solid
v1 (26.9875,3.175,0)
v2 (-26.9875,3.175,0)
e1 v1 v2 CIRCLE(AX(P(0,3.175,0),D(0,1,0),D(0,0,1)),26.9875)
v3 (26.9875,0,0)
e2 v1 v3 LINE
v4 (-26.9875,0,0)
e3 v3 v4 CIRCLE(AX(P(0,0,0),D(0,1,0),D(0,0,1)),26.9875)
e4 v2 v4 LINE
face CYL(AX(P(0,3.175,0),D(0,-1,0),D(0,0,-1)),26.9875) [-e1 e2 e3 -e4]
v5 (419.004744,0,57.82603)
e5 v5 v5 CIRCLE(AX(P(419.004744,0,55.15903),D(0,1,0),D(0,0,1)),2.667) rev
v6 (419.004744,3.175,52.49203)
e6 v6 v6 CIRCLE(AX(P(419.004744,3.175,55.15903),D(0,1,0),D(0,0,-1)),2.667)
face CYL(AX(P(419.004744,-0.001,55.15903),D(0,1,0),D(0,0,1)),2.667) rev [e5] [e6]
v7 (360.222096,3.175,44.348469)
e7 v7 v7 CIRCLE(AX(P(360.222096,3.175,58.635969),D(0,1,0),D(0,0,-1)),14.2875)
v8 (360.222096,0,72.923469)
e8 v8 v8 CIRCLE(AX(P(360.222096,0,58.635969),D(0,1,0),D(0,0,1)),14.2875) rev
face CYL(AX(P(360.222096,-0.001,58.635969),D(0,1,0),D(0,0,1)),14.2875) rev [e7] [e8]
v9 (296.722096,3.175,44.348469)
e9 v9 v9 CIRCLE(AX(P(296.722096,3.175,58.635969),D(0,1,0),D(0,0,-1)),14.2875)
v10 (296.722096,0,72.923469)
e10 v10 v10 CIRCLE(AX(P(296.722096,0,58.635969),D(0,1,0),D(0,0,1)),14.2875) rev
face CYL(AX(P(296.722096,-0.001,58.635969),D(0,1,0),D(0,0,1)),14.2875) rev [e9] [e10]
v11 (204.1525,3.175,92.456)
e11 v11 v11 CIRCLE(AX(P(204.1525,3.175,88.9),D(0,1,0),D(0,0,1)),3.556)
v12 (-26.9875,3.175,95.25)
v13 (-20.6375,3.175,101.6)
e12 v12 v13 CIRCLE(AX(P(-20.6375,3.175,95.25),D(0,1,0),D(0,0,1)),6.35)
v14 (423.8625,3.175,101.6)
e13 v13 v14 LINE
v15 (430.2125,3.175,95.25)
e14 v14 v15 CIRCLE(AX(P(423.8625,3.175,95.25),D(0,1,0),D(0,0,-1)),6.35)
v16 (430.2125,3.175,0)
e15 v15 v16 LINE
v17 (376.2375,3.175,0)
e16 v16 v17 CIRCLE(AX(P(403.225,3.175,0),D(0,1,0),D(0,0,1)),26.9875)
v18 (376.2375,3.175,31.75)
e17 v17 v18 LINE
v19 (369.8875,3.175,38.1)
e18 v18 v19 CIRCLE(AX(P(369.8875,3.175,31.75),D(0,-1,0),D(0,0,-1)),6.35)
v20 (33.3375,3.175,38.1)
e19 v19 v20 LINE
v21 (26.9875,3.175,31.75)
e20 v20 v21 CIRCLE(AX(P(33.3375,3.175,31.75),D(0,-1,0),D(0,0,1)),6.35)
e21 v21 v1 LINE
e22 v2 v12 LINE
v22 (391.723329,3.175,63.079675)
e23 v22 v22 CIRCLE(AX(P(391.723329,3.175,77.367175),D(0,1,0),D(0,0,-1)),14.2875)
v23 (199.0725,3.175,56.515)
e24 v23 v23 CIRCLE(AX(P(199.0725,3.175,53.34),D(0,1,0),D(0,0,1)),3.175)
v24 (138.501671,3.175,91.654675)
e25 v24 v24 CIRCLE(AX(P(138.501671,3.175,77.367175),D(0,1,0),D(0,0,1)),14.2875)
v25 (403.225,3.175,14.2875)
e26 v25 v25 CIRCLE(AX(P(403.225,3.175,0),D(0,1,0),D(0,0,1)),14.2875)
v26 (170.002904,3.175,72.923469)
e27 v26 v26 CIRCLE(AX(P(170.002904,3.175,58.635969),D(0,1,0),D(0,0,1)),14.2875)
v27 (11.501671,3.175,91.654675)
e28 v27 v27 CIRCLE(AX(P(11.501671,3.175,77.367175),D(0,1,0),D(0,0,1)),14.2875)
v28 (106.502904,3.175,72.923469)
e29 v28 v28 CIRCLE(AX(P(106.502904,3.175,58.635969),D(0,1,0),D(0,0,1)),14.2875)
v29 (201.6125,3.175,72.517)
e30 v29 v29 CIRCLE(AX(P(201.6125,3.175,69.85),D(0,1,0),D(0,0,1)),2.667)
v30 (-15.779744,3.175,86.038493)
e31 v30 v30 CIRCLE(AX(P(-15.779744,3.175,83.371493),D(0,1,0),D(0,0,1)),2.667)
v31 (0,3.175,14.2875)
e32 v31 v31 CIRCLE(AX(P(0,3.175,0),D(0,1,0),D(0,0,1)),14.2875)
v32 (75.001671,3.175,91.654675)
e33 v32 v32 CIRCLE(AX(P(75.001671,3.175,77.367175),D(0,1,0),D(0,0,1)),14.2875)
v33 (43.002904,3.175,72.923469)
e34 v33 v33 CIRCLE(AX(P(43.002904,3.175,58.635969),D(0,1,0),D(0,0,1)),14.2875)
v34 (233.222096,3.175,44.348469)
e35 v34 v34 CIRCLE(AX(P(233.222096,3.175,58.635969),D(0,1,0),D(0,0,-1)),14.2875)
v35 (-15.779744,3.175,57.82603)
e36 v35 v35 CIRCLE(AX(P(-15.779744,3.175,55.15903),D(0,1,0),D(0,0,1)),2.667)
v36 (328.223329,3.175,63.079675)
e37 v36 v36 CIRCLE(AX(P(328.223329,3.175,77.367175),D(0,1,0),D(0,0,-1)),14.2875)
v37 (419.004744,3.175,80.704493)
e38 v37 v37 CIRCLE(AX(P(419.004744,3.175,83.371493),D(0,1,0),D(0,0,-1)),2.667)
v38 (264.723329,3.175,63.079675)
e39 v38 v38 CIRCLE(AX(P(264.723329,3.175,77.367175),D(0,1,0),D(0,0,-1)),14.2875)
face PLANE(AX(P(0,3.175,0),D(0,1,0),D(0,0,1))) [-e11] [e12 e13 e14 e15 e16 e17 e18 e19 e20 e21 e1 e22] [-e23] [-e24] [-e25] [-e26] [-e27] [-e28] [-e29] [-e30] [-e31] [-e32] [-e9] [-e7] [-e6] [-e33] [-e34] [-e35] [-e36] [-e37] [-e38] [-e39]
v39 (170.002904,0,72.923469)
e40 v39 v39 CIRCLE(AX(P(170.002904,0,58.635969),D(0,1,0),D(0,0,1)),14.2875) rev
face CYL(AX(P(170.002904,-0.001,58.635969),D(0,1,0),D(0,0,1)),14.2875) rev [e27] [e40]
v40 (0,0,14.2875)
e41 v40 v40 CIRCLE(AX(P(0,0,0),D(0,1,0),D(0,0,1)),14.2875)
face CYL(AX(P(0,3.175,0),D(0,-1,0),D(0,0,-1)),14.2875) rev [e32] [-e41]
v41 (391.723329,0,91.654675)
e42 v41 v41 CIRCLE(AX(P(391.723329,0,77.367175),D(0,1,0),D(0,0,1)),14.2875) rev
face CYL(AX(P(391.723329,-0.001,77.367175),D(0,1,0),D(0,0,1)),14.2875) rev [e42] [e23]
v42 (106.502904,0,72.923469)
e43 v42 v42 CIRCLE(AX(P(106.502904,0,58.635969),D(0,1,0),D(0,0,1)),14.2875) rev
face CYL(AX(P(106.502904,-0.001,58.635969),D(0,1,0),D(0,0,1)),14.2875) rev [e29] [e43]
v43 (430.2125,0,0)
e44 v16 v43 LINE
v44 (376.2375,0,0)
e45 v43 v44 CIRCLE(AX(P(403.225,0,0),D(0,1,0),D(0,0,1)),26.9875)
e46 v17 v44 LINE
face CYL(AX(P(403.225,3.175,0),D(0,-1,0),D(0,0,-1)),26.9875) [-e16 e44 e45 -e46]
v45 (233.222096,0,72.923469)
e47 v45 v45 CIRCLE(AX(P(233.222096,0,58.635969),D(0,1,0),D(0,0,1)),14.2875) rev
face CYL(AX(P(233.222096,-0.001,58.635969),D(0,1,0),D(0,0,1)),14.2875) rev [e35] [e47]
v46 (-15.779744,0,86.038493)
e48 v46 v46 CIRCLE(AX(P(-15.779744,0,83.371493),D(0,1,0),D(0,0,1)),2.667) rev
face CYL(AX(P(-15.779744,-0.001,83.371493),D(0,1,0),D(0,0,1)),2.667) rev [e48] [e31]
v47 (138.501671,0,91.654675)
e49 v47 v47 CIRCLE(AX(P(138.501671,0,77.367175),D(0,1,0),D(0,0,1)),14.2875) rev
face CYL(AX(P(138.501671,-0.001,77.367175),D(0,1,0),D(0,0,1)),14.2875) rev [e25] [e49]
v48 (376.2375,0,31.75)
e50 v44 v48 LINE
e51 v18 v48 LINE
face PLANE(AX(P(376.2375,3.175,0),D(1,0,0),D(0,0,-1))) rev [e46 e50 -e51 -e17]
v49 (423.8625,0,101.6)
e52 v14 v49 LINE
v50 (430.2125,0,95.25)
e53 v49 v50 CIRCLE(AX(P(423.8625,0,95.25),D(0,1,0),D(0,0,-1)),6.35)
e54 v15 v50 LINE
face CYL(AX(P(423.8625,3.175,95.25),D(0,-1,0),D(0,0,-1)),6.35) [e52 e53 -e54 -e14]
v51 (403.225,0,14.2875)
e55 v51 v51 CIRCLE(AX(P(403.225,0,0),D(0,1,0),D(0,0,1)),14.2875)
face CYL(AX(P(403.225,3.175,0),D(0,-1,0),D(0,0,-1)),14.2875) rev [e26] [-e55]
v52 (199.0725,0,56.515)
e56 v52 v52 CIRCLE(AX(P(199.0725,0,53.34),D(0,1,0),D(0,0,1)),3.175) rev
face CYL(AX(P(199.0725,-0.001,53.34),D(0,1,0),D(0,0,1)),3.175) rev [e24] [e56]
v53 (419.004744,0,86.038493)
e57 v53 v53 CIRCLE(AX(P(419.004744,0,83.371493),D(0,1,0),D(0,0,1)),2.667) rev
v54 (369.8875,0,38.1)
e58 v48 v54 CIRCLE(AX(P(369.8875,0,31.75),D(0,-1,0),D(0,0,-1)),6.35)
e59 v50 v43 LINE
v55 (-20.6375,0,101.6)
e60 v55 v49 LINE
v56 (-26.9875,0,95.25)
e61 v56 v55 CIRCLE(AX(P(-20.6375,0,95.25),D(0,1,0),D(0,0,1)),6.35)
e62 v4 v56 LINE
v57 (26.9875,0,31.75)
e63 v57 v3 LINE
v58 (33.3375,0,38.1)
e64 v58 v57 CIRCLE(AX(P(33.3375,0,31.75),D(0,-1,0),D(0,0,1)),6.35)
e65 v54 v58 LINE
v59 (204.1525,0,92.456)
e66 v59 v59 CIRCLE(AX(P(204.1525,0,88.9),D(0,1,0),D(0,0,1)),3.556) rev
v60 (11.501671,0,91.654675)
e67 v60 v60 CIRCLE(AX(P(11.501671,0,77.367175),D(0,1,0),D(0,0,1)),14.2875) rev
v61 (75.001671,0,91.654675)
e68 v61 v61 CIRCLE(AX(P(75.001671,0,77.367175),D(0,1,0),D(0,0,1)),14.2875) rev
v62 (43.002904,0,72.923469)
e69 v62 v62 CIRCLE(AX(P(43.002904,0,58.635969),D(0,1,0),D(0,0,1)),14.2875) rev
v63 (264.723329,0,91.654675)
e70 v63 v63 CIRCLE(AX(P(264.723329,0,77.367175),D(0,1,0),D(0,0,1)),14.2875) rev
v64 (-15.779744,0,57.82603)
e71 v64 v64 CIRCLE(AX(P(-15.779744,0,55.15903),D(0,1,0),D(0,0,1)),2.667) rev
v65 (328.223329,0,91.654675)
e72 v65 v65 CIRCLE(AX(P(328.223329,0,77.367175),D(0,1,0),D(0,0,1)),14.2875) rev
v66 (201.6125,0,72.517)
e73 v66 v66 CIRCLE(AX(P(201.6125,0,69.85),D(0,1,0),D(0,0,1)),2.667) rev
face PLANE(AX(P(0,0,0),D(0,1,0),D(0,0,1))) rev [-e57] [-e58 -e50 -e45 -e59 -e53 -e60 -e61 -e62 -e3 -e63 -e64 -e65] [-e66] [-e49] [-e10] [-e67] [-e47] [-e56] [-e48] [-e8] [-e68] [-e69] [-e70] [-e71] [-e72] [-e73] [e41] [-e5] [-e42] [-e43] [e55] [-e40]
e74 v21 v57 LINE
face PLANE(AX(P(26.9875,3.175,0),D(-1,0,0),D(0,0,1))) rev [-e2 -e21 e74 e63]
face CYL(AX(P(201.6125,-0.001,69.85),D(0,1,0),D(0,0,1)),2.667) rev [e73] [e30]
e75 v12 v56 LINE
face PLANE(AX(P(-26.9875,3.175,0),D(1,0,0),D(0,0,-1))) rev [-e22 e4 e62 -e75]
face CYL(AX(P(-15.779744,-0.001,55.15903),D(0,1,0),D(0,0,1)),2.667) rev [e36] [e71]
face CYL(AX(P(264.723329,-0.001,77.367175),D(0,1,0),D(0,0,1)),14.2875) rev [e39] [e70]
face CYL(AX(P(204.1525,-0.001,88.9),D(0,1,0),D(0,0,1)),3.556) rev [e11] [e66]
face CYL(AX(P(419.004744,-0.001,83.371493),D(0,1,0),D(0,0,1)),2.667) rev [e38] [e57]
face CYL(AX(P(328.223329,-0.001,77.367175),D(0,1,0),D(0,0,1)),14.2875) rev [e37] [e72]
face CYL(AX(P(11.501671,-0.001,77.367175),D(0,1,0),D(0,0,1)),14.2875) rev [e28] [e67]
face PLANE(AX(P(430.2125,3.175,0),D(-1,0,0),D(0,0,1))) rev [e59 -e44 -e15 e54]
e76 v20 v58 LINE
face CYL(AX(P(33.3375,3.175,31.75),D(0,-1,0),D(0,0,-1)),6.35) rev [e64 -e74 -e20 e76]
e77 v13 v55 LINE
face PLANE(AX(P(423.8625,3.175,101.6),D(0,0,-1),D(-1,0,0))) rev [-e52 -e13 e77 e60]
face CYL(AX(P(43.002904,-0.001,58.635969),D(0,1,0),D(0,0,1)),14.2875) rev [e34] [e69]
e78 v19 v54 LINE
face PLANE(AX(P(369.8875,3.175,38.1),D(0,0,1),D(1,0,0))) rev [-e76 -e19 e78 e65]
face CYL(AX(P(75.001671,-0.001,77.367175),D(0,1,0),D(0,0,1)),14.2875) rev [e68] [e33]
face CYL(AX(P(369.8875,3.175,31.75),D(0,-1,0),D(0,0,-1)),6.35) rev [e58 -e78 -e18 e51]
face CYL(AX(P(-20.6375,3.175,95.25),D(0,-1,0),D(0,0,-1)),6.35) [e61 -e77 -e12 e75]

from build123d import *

# Parameters (mm, degrees)
SKETCH1_R           = 14.2875
BOSS_EXTRUDE1_DEPTH = 3.175
CUT_EXTRUDE1_REACH  = 5.175
SKETCH2_R           = 3.556
SKETCH2_R_2         = 3.175
CUT_EXTRUDE2_REACH  = 5.175
SKETCH3_R           = 2.667
CUT_EXTRUDE3_REACH  = 5.175
SKETCH4_R           = 2.667
CUT_EXTRUDE4_REACH  = 5.175
SKETCH6_R           = 14.2875


with BuildPart() as part:
    # Sketch1 → Boss-Extrude1 (new body)
    with BuildSketch(Plane(origin=(0, 0, 0), x_dir=(1, 0, 0), z_dir=(0, 1, 0))):
        with BuildLine():
            Line((-26.9875, 0), (-26.9875, -95.25))
            ThreePointArc((-26.9875, -95.25), (-25.127628061, -99.740128061), (-20.6375, -101.6))
            Line((-20.6375, -101.6), (423.8625, -101.6))
            ThreePointArc((423.8625, -101.6), (428.352628061, -99.740128061), (430.2125, -95.25))
            Line((430.2125, -95.25), (430.2125, 0))
            ThreePointArc((430.2125, 0), (403.225, 26.9875), (376.2375, 0))
            Line((376.2375, 0), (376.2375, -31.75))
            ThreePointArc((376.2375, -31.75), (374.377628061, -36.240128061), (369.8875, -38.1))
            Line((369.8875, -38.1), (33.3375, -38.1))
            ThreePointArc((33.3375, -38.1), (28.847371939, -36.240128061), (26.9875, -31.75))
            Line((26.9875, -31.75), (26.9875, 0))
            ThreePointArc((26.9875, 0), (0, 26.9875), (-26.9875, 0))
        make_face()
        Circle(SKETCH1_R, mode=Mode.SUBTRACT)
        with Locations((403.225, 0)):
            Circle(SKETCH1_R, mode=Mode.SUBTRACT)
    extrude(amount=BOSS_EXTRUDE1_DEPTH)

    # Sketch2 → Cut-Extrude1 (cut, up to next)
    with BuildSketch(Plane(origin=(0, 3.175, 0), x_dir=(1, 0, 0), z_dir=(0, 1, 0)), mode=Mode.PRIVATE) as cut_extrude1_sk1:
        with Locations((204.1525, -88.9)):
            Circle(SKETCH2_R)
    cut_extrude1_tool1 = extrude(cut_extrude1_sk1.sketch, amount=-CUT_EXTRUDE1_REACH, mode=Mode.PRIVATE) & part.part
    add(cut_extrude1_tool1.solids().sort_by_distance((204.1525, 3.175, 88.9))[0], mode=Mode.SUBTRACT)
    # Sketch2 → Cut-Extrude1 (cut, up to next)
    with BuildSketch(Plane(origin=(0, 3.175, 0), x_dir=(1, 0, 0), z_dir=(0, 1, 0)), mode=Mode.PRIVATE) as cut_extrude1_sk2:
        with Locations((199.0725, -53.34)):
            Circle(SKETCH2_R_2)
    cut_extrude1_tool2 = extrude(cut_extrude1_sk2.sketch, amount=-CUT_EXTRUDE1_REACH, mode=Mode.PRIVATE) & part.part
    add(cut_extrude1_tool2.solids().sort_by_distance((199.0725, 3.175, 53.34))[0], mode=Mode.SUBTRACT)

    # Sketch3 → Cut-Extrude2 (cut, up to next)
    with BuildSketch(Plane(origin=(0, 3.175, 0), x_dir=(1, 0, 0), z_dir=(0, 1, 0)), mode=Mode.PRIVATE) as cut_extrude2_sk1:
        with Locations((-15.779743521, -55.159030044)):
            Circle(SKETCH3_R)
    cut_extrude2_tool1 = extrude(cut_extrude2_sk1.sketch, amount=-CUT_EXTRUDE2_REACH, mode=Mode.PRIVATE) & part.part
    add(cut_extrude2_tool1.solids().sort_by_distance((-15.779744, 3.175, 55.15903))[0], mode=Mode.SUBTRACT)
    # Sketch3 → Cut-Extrude2 (cut, up to next)
    with BuildSketch(Plane(origin=(0, 3.175, 0), x_dir=(1, 0, 0), z_dir=(0, 1, 0)), mode=Mode.PRIVATE) as cut_extrude2_sk2:
        with Locations((419.004743521, -55.159030044)):
            Circle(SKETCH3_R)
    cut_extrude2_tool2 = extrude(cut_extrude2_sk2.sketch, amount=-CUT_EXTRUDE2_REACH, mode=Mode.PRIVATE) & part.part
    add(cut_extrude2_tool2.solids().sort_by_distance((419.004744, 3.175, 55.15903))[0], mode=Mode.SUBTRACT)
    # Sketch3 → Cut-Extrude2 (cut, up to next)
    with BuildSketch(Plane(origin=(0, 3.175, 0), x_dir=(1, 0, 0), z_dir=(0, 1, 0)), mode=Mode.PRIVATE) as cut_extrude2_sk3:
        with Locations((-15.779743521, -83.371493131)):
            Circle(SKETCH3_R)
    cut_extrude2_tool3 = extrude(cut_extrude2_sk3.sketch, amount=-CUT_EXTRUDE2_REACH, mode=Mode.PRIVATE) & part.part
    add(cut_extrude2_tool3.solids().sort_by_distance((-15.779744, 3.175, 83.371493))[0], mode=Mode.SUBTRACT)
    # Sketch3 → Cut-Extrude2 (cut, up to next)
    with BuildSketch(Plane(origin=(0, 3.175, 0), x_dir=(1, 0, 0), z_dir=(0, 1, 0)), mode=Mode.PRIVATE) as cut_extrude2_sk4:
        with Locations((419.004743521, -83.371493131)):
            Circle(SKETCH3_R)
    cut_extrude2_tool4 = extrude(cut_extrude2_sk4.sketch, amount=-CUT_EXTRUDE2_REACH, mode=Mode.PRIVATE) & part.part
    add(cut_extrude2_tool4.solids().sort_by_distance((419.004744, 3.175, 83.371493))[0], mode=Mode.SUBTRACT)

    # Sketch4 → Cut-Extrude3 (cut, up to next)
    with BuildSketch(Plane(origin=(0, 3.175, 0), x_dir=(1, 0, 0), z_dir=(0, 1, 0)), mode=Mode.PRIVATE) as cut_extrude3_sk1:
        with Locations((201.6125, -69.85)):
            Circle(SKETCH4_R)
    cut_extrude3_tool1 = extrude(cut_extrude3_sk1.sketch, amount=-CUT_EXTRUDE3_REACH, mode=Mode.PRIVATE) & part.part
    add(cut_extrude3_tool1.solids().sort_by_distance((201.6125, 3.175, 69.85))[0], mode=Mode.SUBTRACT)

    # Sketch6 → Cut-Extrude4 (cut, up to next)
    with BuildSketch(Plane(origin=(0, 3.175, 0), x_dir=(1, 0, 0), z_dir=(0, 1, 0)), mode=Mode.PRIVATE) as cut_extrude4_sk1:
        with Locations((11.501671414, -77.36717452)):
            Circle(SKETCH6_R)
    cut_extrude4_tool1 = extrude(cut_extrude4_sk1.sketch, amount=-CUT_EXTRUDE4_REACH, mode=Mode.PRIVATE) & part.part
    add(cut_extrude4_tool1.solids().sort_by_distance((11.501671, 3.175, 77.367175))[0], mode=Mode.SUBTRACT)
    # Sketch6 → Cut-Extrude4 (cut, up to next)
    with BuildSketch(Plane(origin=(0, 3.175, 0), x_dir=(1, 0, 0), z_dir=(0, 1, 0)), mode=Mode.PRIVATE) as cut_extrude4_sk2:
        with Locations((43.002904056, -58.635968615)):
            Circle(SKETCH6_R)
    cut_extrude4_tool2 = extrude(cut_extrude4_sk2.sketch, amount=-CUT_EXTRUDE4_REACH, mode=Mode.PRIVATE) & part.part
    add(cut_extrude4_tool2.solids().sort_by_distance((43.002904, 3.175, 58.635969))[0], mode=Mode.SUBTRACT)
    # Sketch6 → Cut-Extrude4 (cut, up to next)
    with BuildSketch(Plane(origin=(0, 3.175, 0), x_dir=(1, 0, 0), z_dir=(0, 1, 0)), mode=Mode.PRIVATE) as cut_extrude4_sk3:
        with Locations((75.001671414, -77.36717452)):
            Circle(SKETCH6_R)
    cut_extrude4_tool3 = extrude(cut_extrude4_sk3.sketch, amount=-CUT_EXTRUDE4_REACH, mode=Mode.PRIVATE) & part.part
    add(cut_extrude4_tool3.solids().sort_by_distance((75.001671, 3.175, 77.367175))[0], mode=Mode.SUBTRACT)
    # Sketch6 → Cut-Extrude4 (cut, up to next)
    with BuildSketch(Plane(origin=(0, 3.175, 0), x_dir=(1, 0, 0), z_dir=(0, 1, 0)), mode=Mode.PRIVATE) as cut_extrude4_sk4:
        with Locations((106.502904056, -58.635968615)):
            Circle(SKETCH6_R)
    cut_extrude4_tool4 = extrude(cut_extrude4_sk4.sketch, amount=-CUT_EXTRUDE4_REACH, mode=Mode.PRIVATE) & part.part
    add(cut_extrude4_tool4.solids().sort_by_distance((106.502904, 3.175, 58.635969))[0], mode=Mode.SUBTRACT)
    # Sketch6 → Cut-Extrude4 (cut, up to next)
    with BuildSketch(Plane(origin=(0, 3.175, 0), x_dir=(1, 0, 0), z_dir=(0, 1, 0)), mode=Mode.PRIVATE) as cut_extrude4_sk5:
        with Locations((138.501671414, -77.36717452)):
            Circle(SKETCH6_R)
    cut_extrude4_tool5 = extrude(cut_extrude4_sk5.sketch, amount=-CUT_EXTRUDE4_REACH, mode=Mode.PRIVATE) & part.part
    add(cut_extrude4_tool5.solids().sort_by_distance((138.501671, 3.175, 77.367175))[0], mode=Mode.SUBTRACT)
    # Sketch6 → Cut-Extrude4 (cut, up to next)
    with BuildSketch(Plane(origin=(0, 3.175, 0), x_dir=(1, 0, 0), z_dir=(0, 1, 0)), mode=Mode.PRIVATE) as cut_extrude4_sk6:
        with Locations((170.002904056, -58.635968615)):
            Circle(SKETCH6_R)
    cut_extrude4_tool6 = extrude(cut_extrude4_sk6.sketch, amount=-CUT_EXTRUDE4_REACH, mode=Mode.PRIVATE) & part.part
    add(cut_extrude4_tool6.solids().sort_by_distance((170.002904, 3.175, 58.635969))[0], mode=Mode.SUBTRACT)
    # Sketch6 → Cut-Extrude4 (cut, up to next)
    with BuildSketch(Plane(origin=(0, 3.175, 0), x_dir=(1, 0, 0), z_dir=(0, 1, 0)), mode=Mode.PRIVATE) as cut_extrude4_sk7:
        with Locations((233.222095944, -58.635968615)):
            Circle(SKETCH6_R)
    cut_extrude4_tool7 = extrude(cut_extrude4_sk7.sketch, amount=-CUT_EXTRUDE4_REACH, mode=Mode.PRIVATE) & part.part
    add(cut_extrude4_tool7.solids().sort_by_distance((233.222096, 3.175, 58.635969))[0], mode=Mode.SUBTRACT)
    # Sketch6 → Cut-Extrude4 (cut, up to next)
    with BuildSketch(Plane(origin=(0, 3.175, 0), x_dir=(1, 0, 0), z_dir=(0, 1, 0)), mode=Mode.PRIVATE) as cut_extrude4_sk8:
        with Locations((264.723328586, -77.36717452)):
            Circle(SKETCH6_R)
    cut_extrude4_tool8 = extrude(cut_extrude4_sk8.sketch, amount=-CUT_EXTRUDE4_REACH, mode=Mode.PRIVATE) & part.part
    add(cut_extrude4_tool8.solids().sort_by_distance((264.723329, 3.175, 77.367175))[0], mode=Mode.SUBTRACT)
    # Sketch6 → Cut-Extrude4 (cut, up to next)
    with BuildSketch(Plane(origin=(0, 3.175, 0), x_dir=(1, 0, 0), z_dir=(0, 1, 0)), mode=Mode.PRIVATE) as cut_extrude4_sk9:
        with Locations((296.722095944, -58.635968615)):
            Circle(SKETCH6_R)
    cut_extrude4_tool9 = extrude(cut_extrude4_sk9.sketch, amount=-CUT_EXTRUDE4_REACH, mode=Mode.PRIVATE) & part.part
    add(cut_extrude4_tool9.solids().sort_by_distance((296.722096, 3.175, 58.635969))[0], mode=Mode.SUBTRACT)
    # Sketch6 → Cut-Extrude4 (cut, up to next)
    with BuildSketch(Plane(origin=(0, 3.175, 0), x_dir=(1, 0, 0), z_dir=(0, 1, 0)), mode=Mode.PRIVATE) as cut_extrude4_sk10:
        with Locations((328.223328586, -77.36717452)):
            Circle(SKETCH6_R)
    cut_extrude4_tool10 = extrude(cut_extrude4_sk10.sketch, amount=-CUT_EXTRUDE4_REACH, mode=Mode.PRIVATE) & part.part
    add(cut_extrude4_tool10.solids().sort_by_distance((328.223329, 3.175, 77.367175))[0], mode=Mode.SUBTRACT)
    # Sketch6 → Cut-Extrude4 (cut, up to next)
    with BuildSketch(Plane(origin=(0, 3.175, 0), x_dir=(1, 0, 0), z_dir=(0, 1, 0)), mode=Mode.PRIVATE) as cut_extrude4_sk11:
        with Locations((360.222095944, -58.635968615)):
            Circle(SKETCH6_R)
    cut_extrude4_tool11 = extrude(cut_extrude4_sk11.sketch, amount=-CUT_EXTRUDE4_REACH, mode=Mode.PRIVATE) & part.part
    add(cut_extrude4_tool11.solids().sort_by_distance((360.222096, 3.175, 58.635969))[0], mode=Mode.SUBTRACT)
    # Sketch6 → Cut-Extrude4 (cut, up to next)
    with BuildSketch(Plane(origin=(0, 3.175, 0), x_dir=(1, 0, 0), z_dir=(0, 1, 0)), mode=Mode.PRIVATE) as cut_extrude4_sk12:
        with Locations((391.723328586, -77.36717452)):
            Circle(SKETCH6_R)
    cut_extrude4_tool12 = extrude(cut_extrude4_sk12.sketch, amount=-CUT_EXTRUDE4_REACH, mode=Mode.PRIVATE) & part.part
    add(cut_extrude4_tool12.solids().sort_by_distance((391.723329, 3.175, 77.367175))[0], mode=Mode.SUBTRACT)


solid = part.part
